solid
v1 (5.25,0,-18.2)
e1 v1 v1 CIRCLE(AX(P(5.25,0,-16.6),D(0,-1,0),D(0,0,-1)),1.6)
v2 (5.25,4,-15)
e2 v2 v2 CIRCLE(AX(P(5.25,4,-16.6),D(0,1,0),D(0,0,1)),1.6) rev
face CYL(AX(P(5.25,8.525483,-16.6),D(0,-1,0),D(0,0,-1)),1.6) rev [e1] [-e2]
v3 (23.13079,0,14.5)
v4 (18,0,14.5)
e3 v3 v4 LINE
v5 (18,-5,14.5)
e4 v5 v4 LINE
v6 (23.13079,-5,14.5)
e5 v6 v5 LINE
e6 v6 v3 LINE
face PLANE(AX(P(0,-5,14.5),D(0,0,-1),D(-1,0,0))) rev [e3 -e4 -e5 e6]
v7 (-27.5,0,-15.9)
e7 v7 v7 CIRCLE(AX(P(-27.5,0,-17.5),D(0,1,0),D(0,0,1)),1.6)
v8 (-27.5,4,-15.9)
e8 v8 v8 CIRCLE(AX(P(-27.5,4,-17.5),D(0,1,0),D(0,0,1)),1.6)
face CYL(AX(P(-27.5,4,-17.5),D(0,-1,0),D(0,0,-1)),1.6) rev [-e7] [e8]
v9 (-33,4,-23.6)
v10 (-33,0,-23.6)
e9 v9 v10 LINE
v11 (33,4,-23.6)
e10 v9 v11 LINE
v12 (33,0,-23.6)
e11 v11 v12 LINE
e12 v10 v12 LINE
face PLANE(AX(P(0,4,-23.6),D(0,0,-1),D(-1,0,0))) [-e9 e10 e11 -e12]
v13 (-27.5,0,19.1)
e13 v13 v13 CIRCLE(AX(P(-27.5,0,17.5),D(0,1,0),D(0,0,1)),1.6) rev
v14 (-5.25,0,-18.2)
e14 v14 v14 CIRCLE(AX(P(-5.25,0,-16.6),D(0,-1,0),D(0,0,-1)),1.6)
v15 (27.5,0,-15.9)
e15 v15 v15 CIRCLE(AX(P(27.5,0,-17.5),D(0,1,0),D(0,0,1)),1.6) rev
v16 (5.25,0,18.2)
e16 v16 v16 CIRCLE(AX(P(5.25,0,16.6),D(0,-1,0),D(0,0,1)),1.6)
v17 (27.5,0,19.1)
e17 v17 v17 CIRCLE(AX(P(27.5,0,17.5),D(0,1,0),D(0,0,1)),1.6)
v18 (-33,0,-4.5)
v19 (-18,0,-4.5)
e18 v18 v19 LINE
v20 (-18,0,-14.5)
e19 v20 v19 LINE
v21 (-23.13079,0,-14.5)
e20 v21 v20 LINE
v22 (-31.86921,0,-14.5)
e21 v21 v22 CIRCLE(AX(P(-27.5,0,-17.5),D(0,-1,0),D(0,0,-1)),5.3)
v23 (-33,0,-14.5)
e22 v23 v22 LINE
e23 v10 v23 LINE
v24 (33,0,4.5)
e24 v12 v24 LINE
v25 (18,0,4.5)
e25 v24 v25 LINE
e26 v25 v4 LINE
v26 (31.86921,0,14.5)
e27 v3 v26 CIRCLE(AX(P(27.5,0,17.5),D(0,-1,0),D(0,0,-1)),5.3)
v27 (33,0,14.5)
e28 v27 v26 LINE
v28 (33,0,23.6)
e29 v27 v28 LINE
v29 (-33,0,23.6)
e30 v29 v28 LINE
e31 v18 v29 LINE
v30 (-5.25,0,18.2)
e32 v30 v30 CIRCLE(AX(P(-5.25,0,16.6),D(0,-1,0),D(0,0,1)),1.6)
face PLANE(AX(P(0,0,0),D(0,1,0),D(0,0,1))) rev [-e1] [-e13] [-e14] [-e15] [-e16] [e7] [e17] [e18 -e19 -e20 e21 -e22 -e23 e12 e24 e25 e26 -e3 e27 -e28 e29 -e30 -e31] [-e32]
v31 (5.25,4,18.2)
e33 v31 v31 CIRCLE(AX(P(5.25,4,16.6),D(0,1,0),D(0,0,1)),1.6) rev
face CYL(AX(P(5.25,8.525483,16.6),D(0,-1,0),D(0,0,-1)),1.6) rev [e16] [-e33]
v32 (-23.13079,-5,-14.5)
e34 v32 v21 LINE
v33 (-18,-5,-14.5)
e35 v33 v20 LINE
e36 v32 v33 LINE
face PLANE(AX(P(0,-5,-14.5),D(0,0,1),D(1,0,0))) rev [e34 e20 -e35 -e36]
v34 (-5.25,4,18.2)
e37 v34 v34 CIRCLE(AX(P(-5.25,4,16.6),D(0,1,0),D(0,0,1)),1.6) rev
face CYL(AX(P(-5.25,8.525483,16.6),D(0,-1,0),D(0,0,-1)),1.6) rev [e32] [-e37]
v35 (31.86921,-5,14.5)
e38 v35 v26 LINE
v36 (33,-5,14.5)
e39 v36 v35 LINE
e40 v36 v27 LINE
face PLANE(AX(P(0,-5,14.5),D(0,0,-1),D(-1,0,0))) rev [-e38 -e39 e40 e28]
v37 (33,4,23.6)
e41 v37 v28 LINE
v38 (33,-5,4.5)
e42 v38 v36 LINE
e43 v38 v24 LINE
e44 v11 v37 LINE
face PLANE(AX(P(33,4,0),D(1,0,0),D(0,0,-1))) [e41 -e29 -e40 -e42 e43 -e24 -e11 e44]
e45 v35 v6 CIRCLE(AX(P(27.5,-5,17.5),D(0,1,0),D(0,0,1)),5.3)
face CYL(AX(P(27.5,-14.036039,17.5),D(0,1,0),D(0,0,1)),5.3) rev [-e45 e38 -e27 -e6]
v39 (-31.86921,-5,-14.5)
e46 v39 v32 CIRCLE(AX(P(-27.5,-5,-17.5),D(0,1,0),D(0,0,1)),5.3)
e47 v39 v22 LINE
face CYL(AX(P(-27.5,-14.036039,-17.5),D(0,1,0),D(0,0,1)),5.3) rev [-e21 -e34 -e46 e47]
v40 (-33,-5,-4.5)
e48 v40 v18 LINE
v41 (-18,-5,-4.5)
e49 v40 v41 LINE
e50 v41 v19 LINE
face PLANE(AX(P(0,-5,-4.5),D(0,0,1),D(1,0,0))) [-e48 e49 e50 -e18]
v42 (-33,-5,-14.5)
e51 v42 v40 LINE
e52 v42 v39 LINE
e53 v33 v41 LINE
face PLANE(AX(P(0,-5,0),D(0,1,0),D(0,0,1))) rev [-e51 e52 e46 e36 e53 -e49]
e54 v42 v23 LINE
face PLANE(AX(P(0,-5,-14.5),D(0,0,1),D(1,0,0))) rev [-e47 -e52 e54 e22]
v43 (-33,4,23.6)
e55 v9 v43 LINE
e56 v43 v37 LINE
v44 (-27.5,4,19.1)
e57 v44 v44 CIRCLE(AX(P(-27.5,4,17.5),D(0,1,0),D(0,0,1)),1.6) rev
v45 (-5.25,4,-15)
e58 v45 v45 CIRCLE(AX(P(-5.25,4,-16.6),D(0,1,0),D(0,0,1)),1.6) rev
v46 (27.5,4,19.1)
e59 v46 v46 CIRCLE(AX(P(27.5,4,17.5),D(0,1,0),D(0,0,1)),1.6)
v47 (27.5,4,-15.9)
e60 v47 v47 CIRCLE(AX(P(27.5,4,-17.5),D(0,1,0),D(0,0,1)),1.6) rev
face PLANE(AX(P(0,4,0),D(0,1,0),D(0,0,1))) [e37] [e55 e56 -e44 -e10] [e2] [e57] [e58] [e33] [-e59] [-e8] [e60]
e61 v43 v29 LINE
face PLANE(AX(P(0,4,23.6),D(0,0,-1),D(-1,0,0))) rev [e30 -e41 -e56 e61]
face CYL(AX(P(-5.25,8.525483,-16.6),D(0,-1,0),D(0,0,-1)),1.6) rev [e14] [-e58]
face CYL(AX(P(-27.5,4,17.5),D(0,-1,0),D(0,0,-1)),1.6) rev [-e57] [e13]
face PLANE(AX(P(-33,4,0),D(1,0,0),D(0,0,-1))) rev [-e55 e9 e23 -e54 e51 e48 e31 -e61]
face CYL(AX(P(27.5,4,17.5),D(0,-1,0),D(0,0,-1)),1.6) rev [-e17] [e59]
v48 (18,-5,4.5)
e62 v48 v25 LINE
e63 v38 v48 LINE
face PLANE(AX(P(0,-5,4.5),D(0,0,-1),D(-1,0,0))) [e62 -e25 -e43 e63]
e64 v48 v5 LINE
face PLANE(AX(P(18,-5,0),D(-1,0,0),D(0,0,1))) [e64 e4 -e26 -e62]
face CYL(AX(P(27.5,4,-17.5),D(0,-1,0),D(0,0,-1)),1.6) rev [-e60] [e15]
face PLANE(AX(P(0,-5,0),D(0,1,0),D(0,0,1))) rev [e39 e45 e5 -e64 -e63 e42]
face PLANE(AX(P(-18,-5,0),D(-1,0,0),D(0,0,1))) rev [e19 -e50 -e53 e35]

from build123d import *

# Parameters (mm, degrees)
SKETCH_7_R          = 1.6
SKETCH_7_W          = 15
SKETCH_7_H          = 10
EXTRUDE_1_DEPTH     = 4
SKETCH_8_R          = 1.6
CUT_EXTRUDE_1_DEPTH = 4
SKETCH_7_3_W        = 15
SKETCH_7_3_H        = 10
EXTRUDE_2_DEPTH     = 5
CUT_EXTRUDE_2_DEPTH = 5


with BuildPart() as part:
    # 草图7 → 凸台-拉伸1 (new body)
    # profile 1 of 3: a face of its own
    with BuildSketch(Plane(origin=(0, 0, 0), x_dir=(1, 0, 0), z_dir=(0, 1, 0))):
        Polygon((33, 23.6), (-33, 23.6), (-33, 14.5), (-18, 14.5), (-18, 4.5), (-33, 4.5), (-33, -23.6), (33, -23.6), (33, -14.5), (18, -14.5), (18, -4.5), (33, -4.5), align=None)
        with Locations(Location((-27.5, -17.5, 0), (0, 0, 270))):
            Circle(SKETCH_7_R, mode=Mode.SUBTRACT)
        with Locations(Location((27.5, -17.5, 0), (0, 0, 270))):
            Circle(SKETCH_7_R, mode=Mode.SUBTRACT)
        with Locations(Location((-27.5, 17.5, 0), (0, 0, 270))):
            Circle(SKETCH_7_R, mode=Mode.SUBTRACT)
        with Locations(Location((27.5, 17.5, 0), (0, 0, 270))):
            Circle(SKETCH_7_R, mode=Mode.SUBTRACT)
    # profile 2 of 3: a face of its own
    with BuildSketch(Plane(origin=(0, 0, 0), x_dir=(1, 0, 0), z_dir=(0, 1, 0))):
        with Locations((-25.5, 9.5)):
            Rectangle(SKETCH_7_W, SKETCH_7_H)
    # profile 3 of 3: a face of its own
    with BuildSketch(Plane(origin=(0, 0, 0), x_dir=(1, 0, 0), z_dir=(0, 1, 0))):
        with Locations((25.5, -9.5)):
            Rectangle(SKETCH_7_W, SKETCH_7_H)
    extrude(amount=EXTRUDE_1_DEPTH)

    # 草图8 → 切除-拉伸1 (cut)
    with BuildSketch(Plane.XZ):
        with Locations(Location((-5.25, -16.6, 0), (0, 0, 270))):
            Circle(SKETCH_8_R)
        with Locations(Location((5.25, -16.6, 0), (0, 0, 270))):
            Circle(SKETCH_8_R)
        with Locations(Location((-5.25, 16.6, 0), (0, 0, 90))):
            Circle(SKETCH_8_R)
        with Locations(Location((5.25, 16.6, 0), (0, 0, 90))):
            Circle(SKETCH_8_R)
    extrude(amount=-CUT_EXTRUDE_1_DEPTH, mode=Mode.SUBTRACT)

    # 草图7<3> → 凸台-拉伸2 (add)
    with BuildSketch(Plane(origin=(0, 0, 0), x_dir=(1, 0, 0), z_dir=(0, 1, 0))):
        with Locations((-25.5, 9.5)):
            Rectangle(SKETCH_7_3_W, SKETCH_7_3_H)
        with Locations((25.5, -9.5)):
            Rectangle(SKETCH_7_3_W, SKETCH_7_3_H)
    extrude(amount=-EXTRUDE_2_DEPTH)

    # 草图10 → 切除-拉伸2 (cut)
    with BuildSketch(Plane.XZ):
        with BuildLine():
            ThreePointArc((-23.130789545, -14.5), (-27.5, -12.2), (-31.869210455, -14.5))
            Line((-31.869210455, -14.5), (-23.130789545, -14.5))
        make_face()
        with BuildLine():
            ThreePointArc((23.130789545, 14.5), (27.5, 12.2), (31.869210455, 14.5))
            Line((31.869210455, 14.5), (23.130789545, 14.5))
        make_face()
    extrude(amount=CUT_EXTRUDE_2_DEPTH, mode=Mode.SUBTRACT)


solid = part.part
